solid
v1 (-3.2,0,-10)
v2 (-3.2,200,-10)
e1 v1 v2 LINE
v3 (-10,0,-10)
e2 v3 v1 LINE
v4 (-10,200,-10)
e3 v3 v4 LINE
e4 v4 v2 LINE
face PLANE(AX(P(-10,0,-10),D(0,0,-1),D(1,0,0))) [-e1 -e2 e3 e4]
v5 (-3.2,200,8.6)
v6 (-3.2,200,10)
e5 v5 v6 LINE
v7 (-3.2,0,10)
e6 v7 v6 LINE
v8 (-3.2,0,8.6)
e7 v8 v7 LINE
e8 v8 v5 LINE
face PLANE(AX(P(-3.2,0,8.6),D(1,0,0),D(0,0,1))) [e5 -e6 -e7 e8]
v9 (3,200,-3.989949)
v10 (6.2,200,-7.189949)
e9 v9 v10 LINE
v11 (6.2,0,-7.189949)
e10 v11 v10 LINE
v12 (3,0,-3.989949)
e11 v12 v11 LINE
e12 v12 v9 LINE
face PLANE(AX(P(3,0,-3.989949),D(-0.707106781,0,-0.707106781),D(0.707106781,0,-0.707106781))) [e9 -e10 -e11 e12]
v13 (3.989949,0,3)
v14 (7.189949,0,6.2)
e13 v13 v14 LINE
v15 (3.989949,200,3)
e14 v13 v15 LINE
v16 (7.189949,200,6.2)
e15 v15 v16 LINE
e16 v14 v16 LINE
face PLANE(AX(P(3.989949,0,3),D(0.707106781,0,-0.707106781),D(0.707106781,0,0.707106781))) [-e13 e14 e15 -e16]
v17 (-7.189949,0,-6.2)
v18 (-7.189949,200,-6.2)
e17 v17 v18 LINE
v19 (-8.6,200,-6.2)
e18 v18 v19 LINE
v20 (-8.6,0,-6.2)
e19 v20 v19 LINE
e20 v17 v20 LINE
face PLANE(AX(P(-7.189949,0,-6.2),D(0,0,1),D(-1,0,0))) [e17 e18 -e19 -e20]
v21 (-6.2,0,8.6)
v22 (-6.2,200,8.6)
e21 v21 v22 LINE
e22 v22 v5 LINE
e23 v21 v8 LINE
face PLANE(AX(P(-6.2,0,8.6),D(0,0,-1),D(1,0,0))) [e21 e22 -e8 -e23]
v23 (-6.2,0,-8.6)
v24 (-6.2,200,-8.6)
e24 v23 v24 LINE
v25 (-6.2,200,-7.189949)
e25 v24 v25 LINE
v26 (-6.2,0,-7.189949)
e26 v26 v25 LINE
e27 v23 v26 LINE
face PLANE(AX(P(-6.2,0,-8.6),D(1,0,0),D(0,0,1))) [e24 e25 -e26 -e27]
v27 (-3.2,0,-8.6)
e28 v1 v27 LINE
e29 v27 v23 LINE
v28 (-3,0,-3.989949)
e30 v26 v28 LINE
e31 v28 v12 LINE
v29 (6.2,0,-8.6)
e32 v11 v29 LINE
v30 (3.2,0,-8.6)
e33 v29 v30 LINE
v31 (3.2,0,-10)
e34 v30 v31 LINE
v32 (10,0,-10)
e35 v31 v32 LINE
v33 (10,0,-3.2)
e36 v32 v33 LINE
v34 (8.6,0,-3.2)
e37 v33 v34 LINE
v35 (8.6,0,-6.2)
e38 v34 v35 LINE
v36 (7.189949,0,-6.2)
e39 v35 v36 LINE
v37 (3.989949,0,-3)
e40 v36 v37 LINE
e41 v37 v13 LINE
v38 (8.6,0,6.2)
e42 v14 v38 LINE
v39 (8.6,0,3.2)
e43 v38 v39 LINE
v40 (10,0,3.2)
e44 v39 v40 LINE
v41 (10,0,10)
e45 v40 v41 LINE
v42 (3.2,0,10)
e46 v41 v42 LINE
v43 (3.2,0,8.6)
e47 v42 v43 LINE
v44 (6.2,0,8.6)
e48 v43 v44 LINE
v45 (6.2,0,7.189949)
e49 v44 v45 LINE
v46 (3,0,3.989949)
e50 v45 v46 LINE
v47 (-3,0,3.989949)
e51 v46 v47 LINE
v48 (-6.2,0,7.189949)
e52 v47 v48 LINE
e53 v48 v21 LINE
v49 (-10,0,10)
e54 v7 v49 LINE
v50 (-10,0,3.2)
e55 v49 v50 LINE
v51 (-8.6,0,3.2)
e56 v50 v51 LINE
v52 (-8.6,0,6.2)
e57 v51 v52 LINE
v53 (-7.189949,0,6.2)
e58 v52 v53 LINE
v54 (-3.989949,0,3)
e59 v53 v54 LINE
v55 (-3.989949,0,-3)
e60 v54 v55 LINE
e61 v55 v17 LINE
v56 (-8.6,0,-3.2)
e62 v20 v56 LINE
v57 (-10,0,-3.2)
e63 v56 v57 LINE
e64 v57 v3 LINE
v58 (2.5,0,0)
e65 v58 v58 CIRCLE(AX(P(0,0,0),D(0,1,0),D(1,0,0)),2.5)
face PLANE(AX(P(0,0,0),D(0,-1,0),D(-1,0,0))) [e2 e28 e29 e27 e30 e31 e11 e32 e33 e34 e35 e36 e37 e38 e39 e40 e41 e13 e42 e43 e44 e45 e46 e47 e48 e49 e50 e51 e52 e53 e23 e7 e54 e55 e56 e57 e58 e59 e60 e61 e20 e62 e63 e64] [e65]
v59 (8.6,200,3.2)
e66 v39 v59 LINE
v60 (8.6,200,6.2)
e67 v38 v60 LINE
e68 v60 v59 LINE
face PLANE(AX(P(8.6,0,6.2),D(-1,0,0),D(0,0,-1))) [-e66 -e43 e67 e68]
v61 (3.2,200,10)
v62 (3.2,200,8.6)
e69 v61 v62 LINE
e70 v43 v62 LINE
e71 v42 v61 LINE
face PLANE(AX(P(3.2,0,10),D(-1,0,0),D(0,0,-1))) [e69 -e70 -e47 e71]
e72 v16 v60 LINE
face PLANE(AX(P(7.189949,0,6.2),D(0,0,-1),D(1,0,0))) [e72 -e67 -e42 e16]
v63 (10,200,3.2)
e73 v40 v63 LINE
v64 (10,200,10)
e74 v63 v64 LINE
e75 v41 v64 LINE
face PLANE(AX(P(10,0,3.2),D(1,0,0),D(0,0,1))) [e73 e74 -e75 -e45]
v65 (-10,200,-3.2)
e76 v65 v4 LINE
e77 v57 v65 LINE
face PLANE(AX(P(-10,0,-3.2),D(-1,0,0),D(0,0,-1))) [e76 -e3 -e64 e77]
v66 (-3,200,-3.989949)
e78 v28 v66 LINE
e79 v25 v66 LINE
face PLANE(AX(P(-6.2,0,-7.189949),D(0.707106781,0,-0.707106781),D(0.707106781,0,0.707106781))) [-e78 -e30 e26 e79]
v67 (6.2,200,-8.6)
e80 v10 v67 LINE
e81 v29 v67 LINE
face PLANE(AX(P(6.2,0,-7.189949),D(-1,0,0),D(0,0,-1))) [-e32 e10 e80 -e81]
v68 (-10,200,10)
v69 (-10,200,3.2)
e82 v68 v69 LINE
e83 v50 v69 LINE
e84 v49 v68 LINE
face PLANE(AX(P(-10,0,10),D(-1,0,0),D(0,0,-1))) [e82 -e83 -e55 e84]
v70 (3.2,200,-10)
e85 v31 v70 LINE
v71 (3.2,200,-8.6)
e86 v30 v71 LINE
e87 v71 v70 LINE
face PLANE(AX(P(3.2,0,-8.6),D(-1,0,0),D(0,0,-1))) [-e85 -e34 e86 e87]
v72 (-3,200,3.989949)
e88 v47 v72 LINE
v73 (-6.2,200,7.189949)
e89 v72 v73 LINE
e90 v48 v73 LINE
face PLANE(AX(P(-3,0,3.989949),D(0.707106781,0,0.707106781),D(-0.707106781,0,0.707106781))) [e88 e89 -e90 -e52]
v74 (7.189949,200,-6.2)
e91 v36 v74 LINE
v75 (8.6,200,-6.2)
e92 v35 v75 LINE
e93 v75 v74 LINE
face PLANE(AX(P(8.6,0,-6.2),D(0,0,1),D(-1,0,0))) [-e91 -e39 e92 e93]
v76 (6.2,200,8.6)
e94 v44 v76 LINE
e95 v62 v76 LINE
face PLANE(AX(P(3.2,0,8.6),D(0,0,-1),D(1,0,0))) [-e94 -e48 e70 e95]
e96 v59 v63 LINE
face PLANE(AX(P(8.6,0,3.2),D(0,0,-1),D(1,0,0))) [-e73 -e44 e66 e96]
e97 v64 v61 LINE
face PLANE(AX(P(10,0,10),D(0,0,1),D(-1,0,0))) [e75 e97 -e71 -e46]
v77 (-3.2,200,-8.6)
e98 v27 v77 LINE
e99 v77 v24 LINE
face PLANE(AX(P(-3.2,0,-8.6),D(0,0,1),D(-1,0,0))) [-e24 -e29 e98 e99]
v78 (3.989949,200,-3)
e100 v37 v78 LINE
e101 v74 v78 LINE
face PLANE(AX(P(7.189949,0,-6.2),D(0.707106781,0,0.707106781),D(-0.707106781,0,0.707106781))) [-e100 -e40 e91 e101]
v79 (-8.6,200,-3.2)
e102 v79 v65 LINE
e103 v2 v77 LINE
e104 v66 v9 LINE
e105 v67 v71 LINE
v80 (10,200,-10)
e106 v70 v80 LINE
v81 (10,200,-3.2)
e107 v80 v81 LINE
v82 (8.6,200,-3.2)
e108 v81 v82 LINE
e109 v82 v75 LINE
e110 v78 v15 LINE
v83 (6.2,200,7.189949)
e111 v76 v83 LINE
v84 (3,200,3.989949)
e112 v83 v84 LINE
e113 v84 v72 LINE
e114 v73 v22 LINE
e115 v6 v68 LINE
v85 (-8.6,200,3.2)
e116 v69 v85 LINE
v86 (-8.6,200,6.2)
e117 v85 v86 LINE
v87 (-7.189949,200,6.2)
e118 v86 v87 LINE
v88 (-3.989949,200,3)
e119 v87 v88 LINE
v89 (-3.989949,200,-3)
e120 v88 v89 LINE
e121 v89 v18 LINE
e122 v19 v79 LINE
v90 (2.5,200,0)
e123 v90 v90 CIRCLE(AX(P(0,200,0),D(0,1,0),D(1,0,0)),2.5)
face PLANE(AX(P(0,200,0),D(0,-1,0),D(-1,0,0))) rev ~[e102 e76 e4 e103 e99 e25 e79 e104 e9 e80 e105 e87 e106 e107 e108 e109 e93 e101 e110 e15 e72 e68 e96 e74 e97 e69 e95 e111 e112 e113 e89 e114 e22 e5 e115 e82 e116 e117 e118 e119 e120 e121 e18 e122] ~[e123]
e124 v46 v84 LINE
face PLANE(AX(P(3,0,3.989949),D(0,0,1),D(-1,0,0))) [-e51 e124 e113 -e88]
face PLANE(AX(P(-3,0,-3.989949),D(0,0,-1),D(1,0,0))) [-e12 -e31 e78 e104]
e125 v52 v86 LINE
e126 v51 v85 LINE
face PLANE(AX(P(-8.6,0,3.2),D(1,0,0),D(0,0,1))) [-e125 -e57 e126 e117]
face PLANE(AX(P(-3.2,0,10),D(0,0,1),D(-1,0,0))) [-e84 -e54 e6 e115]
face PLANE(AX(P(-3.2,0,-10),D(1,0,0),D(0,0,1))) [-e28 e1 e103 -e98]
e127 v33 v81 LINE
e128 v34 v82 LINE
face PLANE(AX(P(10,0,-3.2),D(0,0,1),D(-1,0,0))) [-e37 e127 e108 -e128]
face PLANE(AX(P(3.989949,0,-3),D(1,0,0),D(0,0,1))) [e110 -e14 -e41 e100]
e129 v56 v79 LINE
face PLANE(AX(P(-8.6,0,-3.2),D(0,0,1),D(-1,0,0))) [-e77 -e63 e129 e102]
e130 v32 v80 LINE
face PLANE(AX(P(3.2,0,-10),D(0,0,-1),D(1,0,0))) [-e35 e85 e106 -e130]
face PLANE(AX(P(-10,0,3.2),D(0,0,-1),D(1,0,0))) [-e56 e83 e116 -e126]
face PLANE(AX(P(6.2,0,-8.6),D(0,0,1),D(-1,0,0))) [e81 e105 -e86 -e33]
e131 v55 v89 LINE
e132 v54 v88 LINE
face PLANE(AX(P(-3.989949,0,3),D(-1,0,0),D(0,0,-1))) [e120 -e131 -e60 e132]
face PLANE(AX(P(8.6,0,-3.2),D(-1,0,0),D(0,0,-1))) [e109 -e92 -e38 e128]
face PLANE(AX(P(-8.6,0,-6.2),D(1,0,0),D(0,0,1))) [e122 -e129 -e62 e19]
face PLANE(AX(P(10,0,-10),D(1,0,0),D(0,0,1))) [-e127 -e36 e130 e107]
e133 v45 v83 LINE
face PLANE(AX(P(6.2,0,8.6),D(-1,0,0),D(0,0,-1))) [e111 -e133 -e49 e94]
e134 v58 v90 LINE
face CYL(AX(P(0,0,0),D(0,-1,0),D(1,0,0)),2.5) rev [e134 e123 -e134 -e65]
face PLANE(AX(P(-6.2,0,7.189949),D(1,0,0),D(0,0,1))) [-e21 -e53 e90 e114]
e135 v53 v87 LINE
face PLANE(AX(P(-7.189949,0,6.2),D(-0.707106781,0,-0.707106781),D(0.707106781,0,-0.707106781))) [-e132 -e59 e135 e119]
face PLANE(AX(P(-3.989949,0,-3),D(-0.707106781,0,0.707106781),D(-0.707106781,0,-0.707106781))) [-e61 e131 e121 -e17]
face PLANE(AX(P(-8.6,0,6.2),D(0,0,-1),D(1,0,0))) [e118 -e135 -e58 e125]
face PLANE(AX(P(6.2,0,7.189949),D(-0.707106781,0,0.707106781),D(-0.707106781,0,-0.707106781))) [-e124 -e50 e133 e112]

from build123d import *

# Parameters (mm, degrees)
SKETCH1_R           = 2.5
BOSS_EXTRUDE1_DEPTH = 200


with BuildPart() as part:
    # Sketch1 → Boss-Extrude1 (new body)
    with BuildSketch(Plane(origin=(0, 0, 0), x_dir=(1, 0, 0), z_dir=(0, 1, 0))):
        Polygon((-3.2, 10), (-3.2, 8.6), (-6.2, 8.6), (-6.2, 7.189949494), (-3, 3.989949494), (3, 3.989949494), (6.2, 7.189949494), (6.2, 8.6), (3.2, 8.6), (3.2, 10), (10, 10), (10, 3.2), (8.6, 3.2), (8.6, 6.2), (7.189949494, 6.2), (3.989949494, 3), (3.989949494, -3), (7.189949494, -6.2), (8.6, -6.2), (8.6, -3.2), (10, -3.2), (10, -10), (3.2, -10), (3.2, -8.6), (6.2, -8.6), (6.2, -7.189949494), (3, -3.989949494), (-3, -3.989949494), (-6.2, -7.189949494), (-6.2, -8.6), (-3.2, -8.6), (-3.2, -10), (-10, -10), (-10, -3.2), (-8.6, -3.2), (-8.6, -6.2), (-7.189949494, -6.2), (-3.989949494, -3), (-3.989949494, 3), (-7.189949494, 6.2), (-8.6, 6.2), (-8.6, 3.2), (-10, 3.2), (-10, 10), align=None)
        Circle(SKETCH1_R, mode=Mode.SUBTRACT)
    extrude(amount=BOSS_EXTRUDE1_DEPTH)


solid = part.part
